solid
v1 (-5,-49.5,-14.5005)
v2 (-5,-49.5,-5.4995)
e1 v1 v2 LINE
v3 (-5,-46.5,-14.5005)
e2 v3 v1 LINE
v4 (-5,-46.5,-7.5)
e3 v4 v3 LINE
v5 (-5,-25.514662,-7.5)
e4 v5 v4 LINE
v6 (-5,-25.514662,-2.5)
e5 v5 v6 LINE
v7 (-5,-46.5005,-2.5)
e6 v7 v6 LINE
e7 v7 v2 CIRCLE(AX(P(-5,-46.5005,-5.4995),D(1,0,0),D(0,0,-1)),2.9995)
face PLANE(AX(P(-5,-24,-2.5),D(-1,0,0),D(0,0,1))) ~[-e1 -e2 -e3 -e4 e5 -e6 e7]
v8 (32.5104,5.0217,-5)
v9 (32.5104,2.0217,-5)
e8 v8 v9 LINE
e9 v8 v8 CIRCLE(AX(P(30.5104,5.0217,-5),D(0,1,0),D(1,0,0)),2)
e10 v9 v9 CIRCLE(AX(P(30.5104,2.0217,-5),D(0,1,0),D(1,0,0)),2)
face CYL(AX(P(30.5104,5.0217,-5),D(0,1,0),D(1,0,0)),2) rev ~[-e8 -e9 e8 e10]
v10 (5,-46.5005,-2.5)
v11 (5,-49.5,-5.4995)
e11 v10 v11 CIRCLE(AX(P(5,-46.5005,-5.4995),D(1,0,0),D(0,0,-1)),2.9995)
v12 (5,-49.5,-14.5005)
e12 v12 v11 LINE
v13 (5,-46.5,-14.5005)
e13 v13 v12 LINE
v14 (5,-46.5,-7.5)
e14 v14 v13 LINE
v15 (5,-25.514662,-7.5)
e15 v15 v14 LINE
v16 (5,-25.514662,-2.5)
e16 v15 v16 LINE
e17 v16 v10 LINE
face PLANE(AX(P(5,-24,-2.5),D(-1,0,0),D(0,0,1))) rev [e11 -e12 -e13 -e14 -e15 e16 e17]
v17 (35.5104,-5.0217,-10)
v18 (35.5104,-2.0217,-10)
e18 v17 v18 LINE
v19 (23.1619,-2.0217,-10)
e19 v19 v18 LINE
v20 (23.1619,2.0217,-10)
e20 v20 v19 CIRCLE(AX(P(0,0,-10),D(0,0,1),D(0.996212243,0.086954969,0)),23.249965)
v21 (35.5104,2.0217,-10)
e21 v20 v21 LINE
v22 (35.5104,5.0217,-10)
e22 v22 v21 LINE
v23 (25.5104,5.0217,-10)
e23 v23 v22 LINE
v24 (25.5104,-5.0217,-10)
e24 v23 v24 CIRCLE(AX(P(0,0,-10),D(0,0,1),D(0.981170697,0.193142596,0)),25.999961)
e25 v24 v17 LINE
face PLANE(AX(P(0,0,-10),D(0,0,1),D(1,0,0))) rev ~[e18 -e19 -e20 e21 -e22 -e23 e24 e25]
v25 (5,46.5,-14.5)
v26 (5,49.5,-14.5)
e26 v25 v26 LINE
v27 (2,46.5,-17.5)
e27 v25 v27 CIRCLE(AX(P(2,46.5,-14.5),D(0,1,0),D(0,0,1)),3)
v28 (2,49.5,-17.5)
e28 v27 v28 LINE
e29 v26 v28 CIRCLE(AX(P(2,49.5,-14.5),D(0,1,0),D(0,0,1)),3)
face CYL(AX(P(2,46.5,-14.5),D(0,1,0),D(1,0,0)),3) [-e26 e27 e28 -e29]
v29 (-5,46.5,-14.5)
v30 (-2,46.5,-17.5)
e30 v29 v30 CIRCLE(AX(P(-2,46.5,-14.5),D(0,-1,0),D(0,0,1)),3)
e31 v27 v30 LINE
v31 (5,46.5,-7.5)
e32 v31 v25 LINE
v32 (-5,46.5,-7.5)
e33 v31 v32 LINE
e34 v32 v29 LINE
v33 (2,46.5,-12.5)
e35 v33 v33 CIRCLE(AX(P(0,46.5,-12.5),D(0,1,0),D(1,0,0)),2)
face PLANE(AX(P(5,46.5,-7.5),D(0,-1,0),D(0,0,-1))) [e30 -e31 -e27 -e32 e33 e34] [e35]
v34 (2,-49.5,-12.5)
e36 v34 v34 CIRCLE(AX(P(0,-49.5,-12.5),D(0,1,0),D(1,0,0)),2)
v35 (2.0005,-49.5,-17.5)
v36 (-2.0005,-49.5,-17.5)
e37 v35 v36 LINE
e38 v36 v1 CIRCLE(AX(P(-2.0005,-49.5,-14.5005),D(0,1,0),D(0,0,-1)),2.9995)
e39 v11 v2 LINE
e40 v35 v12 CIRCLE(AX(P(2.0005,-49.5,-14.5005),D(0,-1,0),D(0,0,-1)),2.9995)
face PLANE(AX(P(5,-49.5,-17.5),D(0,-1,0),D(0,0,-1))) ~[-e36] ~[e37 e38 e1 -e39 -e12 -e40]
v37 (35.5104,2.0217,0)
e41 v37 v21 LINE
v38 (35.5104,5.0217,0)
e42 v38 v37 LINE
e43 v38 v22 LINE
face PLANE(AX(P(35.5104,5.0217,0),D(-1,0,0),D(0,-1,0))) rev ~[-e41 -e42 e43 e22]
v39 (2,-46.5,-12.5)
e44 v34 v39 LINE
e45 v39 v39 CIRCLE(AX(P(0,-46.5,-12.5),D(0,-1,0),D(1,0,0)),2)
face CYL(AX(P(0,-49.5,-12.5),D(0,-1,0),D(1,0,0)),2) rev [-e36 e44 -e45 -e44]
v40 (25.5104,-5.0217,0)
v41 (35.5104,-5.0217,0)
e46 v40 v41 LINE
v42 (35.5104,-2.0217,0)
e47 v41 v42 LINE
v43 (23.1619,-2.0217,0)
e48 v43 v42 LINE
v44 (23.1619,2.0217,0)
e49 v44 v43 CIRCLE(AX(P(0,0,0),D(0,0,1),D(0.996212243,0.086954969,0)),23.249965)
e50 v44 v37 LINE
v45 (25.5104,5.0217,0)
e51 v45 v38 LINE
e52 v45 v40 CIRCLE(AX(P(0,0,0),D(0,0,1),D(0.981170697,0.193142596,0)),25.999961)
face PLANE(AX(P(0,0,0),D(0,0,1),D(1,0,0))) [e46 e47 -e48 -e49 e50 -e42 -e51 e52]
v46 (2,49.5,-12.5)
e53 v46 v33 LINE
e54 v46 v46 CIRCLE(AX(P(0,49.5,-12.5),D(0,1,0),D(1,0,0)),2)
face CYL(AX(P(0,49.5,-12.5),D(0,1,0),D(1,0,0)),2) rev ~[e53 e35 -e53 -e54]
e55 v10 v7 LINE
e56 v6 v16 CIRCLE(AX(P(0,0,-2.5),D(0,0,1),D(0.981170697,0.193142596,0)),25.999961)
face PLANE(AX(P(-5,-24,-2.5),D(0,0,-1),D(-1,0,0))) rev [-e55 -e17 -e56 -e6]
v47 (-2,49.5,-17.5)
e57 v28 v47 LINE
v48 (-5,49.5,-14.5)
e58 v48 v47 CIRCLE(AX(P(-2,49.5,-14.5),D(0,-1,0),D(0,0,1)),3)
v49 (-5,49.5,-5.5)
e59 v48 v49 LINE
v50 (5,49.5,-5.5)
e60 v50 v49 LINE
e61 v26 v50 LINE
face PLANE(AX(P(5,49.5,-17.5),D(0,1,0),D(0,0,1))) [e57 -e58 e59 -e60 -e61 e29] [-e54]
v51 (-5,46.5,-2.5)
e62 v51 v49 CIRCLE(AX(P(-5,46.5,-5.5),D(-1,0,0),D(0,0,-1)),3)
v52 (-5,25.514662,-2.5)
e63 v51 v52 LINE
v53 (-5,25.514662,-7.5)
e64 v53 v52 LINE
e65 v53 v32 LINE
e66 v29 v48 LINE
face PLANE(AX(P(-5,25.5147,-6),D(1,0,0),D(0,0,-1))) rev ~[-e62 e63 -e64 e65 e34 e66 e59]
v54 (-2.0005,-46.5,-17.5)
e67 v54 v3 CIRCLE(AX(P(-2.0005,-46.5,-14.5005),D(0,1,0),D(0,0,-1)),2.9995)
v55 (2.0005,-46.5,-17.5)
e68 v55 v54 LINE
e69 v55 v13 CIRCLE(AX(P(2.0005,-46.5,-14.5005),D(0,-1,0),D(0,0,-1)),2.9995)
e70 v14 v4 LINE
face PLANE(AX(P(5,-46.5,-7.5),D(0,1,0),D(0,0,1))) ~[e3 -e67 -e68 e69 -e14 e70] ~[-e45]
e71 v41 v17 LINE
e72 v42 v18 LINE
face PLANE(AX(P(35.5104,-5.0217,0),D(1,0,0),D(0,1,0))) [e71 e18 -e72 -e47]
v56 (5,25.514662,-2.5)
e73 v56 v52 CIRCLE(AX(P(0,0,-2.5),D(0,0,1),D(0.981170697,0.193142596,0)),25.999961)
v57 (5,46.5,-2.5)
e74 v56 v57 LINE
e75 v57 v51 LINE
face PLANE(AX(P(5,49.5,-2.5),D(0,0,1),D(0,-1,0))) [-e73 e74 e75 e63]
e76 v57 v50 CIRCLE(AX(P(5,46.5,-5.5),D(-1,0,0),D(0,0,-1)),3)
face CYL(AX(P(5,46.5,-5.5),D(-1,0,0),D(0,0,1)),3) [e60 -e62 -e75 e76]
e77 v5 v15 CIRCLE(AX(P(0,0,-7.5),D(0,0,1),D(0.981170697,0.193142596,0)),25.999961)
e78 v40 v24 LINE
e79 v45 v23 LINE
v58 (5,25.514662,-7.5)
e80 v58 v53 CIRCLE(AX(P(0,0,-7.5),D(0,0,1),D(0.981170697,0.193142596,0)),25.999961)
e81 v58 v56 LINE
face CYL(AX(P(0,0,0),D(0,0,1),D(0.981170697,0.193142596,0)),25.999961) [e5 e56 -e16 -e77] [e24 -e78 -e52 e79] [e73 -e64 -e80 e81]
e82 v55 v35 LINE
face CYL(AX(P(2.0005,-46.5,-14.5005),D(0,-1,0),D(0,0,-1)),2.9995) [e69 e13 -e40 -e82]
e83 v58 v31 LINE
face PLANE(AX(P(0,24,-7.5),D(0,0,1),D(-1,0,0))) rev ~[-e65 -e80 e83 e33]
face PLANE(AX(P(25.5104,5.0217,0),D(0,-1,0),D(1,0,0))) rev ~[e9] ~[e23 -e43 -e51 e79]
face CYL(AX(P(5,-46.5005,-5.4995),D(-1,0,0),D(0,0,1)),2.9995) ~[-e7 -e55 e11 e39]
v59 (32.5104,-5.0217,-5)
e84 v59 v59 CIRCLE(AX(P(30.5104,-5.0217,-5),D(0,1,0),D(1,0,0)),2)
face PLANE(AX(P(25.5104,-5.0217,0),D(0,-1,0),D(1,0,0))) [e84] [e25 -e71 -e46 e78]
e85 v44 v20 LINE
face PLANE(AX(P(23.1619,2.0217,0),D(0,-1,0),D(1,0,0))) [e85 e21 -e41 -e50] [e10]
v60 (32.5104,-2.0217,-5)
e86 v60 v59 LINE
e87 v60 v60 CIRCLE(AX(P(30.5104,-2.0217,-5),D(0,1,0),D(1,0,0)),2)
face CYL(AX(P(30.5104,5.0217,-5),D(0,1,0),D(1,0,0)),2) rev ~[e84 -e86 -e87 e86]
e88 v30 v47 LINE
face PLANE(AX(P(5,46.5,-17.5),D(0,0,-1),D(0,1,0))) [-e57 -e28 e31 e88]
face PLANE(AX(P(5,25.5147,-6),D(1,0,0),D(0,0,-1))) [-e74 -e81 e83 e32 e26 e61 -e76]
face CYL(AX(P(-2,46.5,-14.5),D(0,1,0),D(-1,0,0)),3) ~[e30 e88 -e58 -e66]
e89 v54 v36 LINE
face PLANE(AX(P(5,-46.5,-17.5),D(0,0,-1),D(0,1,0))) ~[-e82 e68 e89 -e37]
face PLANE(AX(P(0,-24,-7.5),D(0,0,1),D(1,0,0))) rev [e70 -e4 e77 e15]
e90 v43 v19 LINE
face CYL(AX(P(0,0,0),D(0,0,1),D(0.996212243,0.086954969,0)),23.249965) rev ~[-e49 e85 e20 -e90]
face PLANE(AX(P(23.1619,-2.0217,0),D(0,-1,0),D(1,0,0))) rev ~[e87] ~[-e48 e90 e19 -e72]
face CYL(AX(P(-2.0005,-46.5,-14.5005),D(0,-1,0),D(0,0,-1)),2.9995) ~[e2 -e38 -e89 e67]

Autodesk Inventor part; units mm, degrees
sketch "Sketch1" plane through (0, 0, 0) normal (0, 0, 1) x (1, 0, 0)
  arc A0 (23.1619, 2.0217) -> (23.1619, -2.0217) centre (0, 0) ccw
  arc A1 (25.5104, 5.0217) -> (25.5104, -5.0217) centre (0, 0) ccw
  line L0 (23.1619, 2.0217) -> (35.5104, 2.0217)
  line L1 (25.5104, 5.0217) -> (35.5104, 5.0217)
  line L2 (35.5104, 5.0217) -> (35.5104, 2.0217)
  line L3 (0, 0) -> (18.0567, 0)
  line L4 (23.1619, -2.0217) -> (35.5104, -2.0217)
  line L5 (25.5104, -5.0217) -> (35.5104, -5.0217)
  line L6 (35.5104, -5.0217) -> (35.5104, -2.0217)
  dimension "d0" = 46.5
  dimension "d1" = 52
  dimension "d33" = 3
  dimension "d34" = 10
extrude "Extrusion1" add sketch "Sketch1" against normal blind 10
sketch "Sketch2" plane through (24.6779, 5.0217, 0) normal (0, 1, 0) x (1, 0, 0)
  line L0 (10.8325, 0) -> (0.8325, 0) projected
  line L1 (10.8325, 0) -> (10.8325, 10) projected
  line L2 (0.8325, 10) -> (10.8325, 10) projected
  line L3 (0.8325, 0) -> (0.8325, 10) projected
  circle A0 centre (5.8325, 5) radius 2
  point P0 (-24.6779, 0)
  dimension "d35" = 4
extrude "Extrusion2" cut sketch "Sketch2" against normal blind 11 contours A0
ref_plane "Work Plane3" through (24.6779, 24, 0) normal (0, 1, 0) x (1, 0, 0)
sketch "Sketch3" plane through (24.6779, 24, 0) normal (0, 1, 0) x (1, 0, 0)
  line L0 (-24.6779, 0) -> (-24.6779, 10)
  line L1 (-19.6779, 7.5) -> (-29.6779, 7.5)
  line L2 (-29.6779, 2.5) -> (-19.6779, 2.5)
  line L3 (-19.6779, 2.5) -> (-19.6779, 7.5)
  line L4 (-29.6779, 2.5) -> (-29.6779, 7.5)
  point P0 (-24.6779, 5)
extrude "Extrusion3" add sketch "Sketch3" along normal blind 22.5
ref_plane "Work Plane4" through (5, 25.5147, -6) normal (1, 0, 0) x (0, 0, -1)
sketch "Sketch4" plane through (5, 25.5147, -6) normal (1, 0, 0) x (0, 0, -1)
  line L0 (-3.5, 20.9853) -> (1.5, 20.9853) projected
  line L1 (-3.5, 20.9853) -> (11.5, 20.9853)
  line L2 (11.5, 20.9853) -> (11.5, 23.9853)
  line L3 (11.5, 23.9853) -> (-3.5, 23.9853)
  line L4 (-3.5, 23.9853) -> (-3.5, 20.9853)
  point P0 (-6, -24.4949)
  dimension "d36" = 15
  dimension "d37" = 3
extrude "Extrusion4" add sketch "Sketch4" against normal blind 10
ref_plane "Work Plane2" through (0, 0, 0) normal (0.7071, -0.7071, 0) x (0, 0, -1)
sketch "Sketch5" plane through (5, 49.5, -2.5) normal (0, 1, 0) x (1, 0, 0)
  circle A0 centre (-5, 10) radius 2
  dimension "d29" = 4
extrude "Extrusion5" cut sketch "Sketch5" against normal blind 4
fillet "Fillet2" radius 3 3 edges at (0, 49.5, -2.5) (5, 48, -17.5) (-5, 48, -17.5)
mirror "Mirror3" about plane through (0, 0, 0) normal (0, 1, 0) of "Extrusion4", "Fillet2", "Extrusion3", "Extrusion5"
properties part number "SupportBracket_v2_BilgePumpMotor" material "ABS Plastic"
